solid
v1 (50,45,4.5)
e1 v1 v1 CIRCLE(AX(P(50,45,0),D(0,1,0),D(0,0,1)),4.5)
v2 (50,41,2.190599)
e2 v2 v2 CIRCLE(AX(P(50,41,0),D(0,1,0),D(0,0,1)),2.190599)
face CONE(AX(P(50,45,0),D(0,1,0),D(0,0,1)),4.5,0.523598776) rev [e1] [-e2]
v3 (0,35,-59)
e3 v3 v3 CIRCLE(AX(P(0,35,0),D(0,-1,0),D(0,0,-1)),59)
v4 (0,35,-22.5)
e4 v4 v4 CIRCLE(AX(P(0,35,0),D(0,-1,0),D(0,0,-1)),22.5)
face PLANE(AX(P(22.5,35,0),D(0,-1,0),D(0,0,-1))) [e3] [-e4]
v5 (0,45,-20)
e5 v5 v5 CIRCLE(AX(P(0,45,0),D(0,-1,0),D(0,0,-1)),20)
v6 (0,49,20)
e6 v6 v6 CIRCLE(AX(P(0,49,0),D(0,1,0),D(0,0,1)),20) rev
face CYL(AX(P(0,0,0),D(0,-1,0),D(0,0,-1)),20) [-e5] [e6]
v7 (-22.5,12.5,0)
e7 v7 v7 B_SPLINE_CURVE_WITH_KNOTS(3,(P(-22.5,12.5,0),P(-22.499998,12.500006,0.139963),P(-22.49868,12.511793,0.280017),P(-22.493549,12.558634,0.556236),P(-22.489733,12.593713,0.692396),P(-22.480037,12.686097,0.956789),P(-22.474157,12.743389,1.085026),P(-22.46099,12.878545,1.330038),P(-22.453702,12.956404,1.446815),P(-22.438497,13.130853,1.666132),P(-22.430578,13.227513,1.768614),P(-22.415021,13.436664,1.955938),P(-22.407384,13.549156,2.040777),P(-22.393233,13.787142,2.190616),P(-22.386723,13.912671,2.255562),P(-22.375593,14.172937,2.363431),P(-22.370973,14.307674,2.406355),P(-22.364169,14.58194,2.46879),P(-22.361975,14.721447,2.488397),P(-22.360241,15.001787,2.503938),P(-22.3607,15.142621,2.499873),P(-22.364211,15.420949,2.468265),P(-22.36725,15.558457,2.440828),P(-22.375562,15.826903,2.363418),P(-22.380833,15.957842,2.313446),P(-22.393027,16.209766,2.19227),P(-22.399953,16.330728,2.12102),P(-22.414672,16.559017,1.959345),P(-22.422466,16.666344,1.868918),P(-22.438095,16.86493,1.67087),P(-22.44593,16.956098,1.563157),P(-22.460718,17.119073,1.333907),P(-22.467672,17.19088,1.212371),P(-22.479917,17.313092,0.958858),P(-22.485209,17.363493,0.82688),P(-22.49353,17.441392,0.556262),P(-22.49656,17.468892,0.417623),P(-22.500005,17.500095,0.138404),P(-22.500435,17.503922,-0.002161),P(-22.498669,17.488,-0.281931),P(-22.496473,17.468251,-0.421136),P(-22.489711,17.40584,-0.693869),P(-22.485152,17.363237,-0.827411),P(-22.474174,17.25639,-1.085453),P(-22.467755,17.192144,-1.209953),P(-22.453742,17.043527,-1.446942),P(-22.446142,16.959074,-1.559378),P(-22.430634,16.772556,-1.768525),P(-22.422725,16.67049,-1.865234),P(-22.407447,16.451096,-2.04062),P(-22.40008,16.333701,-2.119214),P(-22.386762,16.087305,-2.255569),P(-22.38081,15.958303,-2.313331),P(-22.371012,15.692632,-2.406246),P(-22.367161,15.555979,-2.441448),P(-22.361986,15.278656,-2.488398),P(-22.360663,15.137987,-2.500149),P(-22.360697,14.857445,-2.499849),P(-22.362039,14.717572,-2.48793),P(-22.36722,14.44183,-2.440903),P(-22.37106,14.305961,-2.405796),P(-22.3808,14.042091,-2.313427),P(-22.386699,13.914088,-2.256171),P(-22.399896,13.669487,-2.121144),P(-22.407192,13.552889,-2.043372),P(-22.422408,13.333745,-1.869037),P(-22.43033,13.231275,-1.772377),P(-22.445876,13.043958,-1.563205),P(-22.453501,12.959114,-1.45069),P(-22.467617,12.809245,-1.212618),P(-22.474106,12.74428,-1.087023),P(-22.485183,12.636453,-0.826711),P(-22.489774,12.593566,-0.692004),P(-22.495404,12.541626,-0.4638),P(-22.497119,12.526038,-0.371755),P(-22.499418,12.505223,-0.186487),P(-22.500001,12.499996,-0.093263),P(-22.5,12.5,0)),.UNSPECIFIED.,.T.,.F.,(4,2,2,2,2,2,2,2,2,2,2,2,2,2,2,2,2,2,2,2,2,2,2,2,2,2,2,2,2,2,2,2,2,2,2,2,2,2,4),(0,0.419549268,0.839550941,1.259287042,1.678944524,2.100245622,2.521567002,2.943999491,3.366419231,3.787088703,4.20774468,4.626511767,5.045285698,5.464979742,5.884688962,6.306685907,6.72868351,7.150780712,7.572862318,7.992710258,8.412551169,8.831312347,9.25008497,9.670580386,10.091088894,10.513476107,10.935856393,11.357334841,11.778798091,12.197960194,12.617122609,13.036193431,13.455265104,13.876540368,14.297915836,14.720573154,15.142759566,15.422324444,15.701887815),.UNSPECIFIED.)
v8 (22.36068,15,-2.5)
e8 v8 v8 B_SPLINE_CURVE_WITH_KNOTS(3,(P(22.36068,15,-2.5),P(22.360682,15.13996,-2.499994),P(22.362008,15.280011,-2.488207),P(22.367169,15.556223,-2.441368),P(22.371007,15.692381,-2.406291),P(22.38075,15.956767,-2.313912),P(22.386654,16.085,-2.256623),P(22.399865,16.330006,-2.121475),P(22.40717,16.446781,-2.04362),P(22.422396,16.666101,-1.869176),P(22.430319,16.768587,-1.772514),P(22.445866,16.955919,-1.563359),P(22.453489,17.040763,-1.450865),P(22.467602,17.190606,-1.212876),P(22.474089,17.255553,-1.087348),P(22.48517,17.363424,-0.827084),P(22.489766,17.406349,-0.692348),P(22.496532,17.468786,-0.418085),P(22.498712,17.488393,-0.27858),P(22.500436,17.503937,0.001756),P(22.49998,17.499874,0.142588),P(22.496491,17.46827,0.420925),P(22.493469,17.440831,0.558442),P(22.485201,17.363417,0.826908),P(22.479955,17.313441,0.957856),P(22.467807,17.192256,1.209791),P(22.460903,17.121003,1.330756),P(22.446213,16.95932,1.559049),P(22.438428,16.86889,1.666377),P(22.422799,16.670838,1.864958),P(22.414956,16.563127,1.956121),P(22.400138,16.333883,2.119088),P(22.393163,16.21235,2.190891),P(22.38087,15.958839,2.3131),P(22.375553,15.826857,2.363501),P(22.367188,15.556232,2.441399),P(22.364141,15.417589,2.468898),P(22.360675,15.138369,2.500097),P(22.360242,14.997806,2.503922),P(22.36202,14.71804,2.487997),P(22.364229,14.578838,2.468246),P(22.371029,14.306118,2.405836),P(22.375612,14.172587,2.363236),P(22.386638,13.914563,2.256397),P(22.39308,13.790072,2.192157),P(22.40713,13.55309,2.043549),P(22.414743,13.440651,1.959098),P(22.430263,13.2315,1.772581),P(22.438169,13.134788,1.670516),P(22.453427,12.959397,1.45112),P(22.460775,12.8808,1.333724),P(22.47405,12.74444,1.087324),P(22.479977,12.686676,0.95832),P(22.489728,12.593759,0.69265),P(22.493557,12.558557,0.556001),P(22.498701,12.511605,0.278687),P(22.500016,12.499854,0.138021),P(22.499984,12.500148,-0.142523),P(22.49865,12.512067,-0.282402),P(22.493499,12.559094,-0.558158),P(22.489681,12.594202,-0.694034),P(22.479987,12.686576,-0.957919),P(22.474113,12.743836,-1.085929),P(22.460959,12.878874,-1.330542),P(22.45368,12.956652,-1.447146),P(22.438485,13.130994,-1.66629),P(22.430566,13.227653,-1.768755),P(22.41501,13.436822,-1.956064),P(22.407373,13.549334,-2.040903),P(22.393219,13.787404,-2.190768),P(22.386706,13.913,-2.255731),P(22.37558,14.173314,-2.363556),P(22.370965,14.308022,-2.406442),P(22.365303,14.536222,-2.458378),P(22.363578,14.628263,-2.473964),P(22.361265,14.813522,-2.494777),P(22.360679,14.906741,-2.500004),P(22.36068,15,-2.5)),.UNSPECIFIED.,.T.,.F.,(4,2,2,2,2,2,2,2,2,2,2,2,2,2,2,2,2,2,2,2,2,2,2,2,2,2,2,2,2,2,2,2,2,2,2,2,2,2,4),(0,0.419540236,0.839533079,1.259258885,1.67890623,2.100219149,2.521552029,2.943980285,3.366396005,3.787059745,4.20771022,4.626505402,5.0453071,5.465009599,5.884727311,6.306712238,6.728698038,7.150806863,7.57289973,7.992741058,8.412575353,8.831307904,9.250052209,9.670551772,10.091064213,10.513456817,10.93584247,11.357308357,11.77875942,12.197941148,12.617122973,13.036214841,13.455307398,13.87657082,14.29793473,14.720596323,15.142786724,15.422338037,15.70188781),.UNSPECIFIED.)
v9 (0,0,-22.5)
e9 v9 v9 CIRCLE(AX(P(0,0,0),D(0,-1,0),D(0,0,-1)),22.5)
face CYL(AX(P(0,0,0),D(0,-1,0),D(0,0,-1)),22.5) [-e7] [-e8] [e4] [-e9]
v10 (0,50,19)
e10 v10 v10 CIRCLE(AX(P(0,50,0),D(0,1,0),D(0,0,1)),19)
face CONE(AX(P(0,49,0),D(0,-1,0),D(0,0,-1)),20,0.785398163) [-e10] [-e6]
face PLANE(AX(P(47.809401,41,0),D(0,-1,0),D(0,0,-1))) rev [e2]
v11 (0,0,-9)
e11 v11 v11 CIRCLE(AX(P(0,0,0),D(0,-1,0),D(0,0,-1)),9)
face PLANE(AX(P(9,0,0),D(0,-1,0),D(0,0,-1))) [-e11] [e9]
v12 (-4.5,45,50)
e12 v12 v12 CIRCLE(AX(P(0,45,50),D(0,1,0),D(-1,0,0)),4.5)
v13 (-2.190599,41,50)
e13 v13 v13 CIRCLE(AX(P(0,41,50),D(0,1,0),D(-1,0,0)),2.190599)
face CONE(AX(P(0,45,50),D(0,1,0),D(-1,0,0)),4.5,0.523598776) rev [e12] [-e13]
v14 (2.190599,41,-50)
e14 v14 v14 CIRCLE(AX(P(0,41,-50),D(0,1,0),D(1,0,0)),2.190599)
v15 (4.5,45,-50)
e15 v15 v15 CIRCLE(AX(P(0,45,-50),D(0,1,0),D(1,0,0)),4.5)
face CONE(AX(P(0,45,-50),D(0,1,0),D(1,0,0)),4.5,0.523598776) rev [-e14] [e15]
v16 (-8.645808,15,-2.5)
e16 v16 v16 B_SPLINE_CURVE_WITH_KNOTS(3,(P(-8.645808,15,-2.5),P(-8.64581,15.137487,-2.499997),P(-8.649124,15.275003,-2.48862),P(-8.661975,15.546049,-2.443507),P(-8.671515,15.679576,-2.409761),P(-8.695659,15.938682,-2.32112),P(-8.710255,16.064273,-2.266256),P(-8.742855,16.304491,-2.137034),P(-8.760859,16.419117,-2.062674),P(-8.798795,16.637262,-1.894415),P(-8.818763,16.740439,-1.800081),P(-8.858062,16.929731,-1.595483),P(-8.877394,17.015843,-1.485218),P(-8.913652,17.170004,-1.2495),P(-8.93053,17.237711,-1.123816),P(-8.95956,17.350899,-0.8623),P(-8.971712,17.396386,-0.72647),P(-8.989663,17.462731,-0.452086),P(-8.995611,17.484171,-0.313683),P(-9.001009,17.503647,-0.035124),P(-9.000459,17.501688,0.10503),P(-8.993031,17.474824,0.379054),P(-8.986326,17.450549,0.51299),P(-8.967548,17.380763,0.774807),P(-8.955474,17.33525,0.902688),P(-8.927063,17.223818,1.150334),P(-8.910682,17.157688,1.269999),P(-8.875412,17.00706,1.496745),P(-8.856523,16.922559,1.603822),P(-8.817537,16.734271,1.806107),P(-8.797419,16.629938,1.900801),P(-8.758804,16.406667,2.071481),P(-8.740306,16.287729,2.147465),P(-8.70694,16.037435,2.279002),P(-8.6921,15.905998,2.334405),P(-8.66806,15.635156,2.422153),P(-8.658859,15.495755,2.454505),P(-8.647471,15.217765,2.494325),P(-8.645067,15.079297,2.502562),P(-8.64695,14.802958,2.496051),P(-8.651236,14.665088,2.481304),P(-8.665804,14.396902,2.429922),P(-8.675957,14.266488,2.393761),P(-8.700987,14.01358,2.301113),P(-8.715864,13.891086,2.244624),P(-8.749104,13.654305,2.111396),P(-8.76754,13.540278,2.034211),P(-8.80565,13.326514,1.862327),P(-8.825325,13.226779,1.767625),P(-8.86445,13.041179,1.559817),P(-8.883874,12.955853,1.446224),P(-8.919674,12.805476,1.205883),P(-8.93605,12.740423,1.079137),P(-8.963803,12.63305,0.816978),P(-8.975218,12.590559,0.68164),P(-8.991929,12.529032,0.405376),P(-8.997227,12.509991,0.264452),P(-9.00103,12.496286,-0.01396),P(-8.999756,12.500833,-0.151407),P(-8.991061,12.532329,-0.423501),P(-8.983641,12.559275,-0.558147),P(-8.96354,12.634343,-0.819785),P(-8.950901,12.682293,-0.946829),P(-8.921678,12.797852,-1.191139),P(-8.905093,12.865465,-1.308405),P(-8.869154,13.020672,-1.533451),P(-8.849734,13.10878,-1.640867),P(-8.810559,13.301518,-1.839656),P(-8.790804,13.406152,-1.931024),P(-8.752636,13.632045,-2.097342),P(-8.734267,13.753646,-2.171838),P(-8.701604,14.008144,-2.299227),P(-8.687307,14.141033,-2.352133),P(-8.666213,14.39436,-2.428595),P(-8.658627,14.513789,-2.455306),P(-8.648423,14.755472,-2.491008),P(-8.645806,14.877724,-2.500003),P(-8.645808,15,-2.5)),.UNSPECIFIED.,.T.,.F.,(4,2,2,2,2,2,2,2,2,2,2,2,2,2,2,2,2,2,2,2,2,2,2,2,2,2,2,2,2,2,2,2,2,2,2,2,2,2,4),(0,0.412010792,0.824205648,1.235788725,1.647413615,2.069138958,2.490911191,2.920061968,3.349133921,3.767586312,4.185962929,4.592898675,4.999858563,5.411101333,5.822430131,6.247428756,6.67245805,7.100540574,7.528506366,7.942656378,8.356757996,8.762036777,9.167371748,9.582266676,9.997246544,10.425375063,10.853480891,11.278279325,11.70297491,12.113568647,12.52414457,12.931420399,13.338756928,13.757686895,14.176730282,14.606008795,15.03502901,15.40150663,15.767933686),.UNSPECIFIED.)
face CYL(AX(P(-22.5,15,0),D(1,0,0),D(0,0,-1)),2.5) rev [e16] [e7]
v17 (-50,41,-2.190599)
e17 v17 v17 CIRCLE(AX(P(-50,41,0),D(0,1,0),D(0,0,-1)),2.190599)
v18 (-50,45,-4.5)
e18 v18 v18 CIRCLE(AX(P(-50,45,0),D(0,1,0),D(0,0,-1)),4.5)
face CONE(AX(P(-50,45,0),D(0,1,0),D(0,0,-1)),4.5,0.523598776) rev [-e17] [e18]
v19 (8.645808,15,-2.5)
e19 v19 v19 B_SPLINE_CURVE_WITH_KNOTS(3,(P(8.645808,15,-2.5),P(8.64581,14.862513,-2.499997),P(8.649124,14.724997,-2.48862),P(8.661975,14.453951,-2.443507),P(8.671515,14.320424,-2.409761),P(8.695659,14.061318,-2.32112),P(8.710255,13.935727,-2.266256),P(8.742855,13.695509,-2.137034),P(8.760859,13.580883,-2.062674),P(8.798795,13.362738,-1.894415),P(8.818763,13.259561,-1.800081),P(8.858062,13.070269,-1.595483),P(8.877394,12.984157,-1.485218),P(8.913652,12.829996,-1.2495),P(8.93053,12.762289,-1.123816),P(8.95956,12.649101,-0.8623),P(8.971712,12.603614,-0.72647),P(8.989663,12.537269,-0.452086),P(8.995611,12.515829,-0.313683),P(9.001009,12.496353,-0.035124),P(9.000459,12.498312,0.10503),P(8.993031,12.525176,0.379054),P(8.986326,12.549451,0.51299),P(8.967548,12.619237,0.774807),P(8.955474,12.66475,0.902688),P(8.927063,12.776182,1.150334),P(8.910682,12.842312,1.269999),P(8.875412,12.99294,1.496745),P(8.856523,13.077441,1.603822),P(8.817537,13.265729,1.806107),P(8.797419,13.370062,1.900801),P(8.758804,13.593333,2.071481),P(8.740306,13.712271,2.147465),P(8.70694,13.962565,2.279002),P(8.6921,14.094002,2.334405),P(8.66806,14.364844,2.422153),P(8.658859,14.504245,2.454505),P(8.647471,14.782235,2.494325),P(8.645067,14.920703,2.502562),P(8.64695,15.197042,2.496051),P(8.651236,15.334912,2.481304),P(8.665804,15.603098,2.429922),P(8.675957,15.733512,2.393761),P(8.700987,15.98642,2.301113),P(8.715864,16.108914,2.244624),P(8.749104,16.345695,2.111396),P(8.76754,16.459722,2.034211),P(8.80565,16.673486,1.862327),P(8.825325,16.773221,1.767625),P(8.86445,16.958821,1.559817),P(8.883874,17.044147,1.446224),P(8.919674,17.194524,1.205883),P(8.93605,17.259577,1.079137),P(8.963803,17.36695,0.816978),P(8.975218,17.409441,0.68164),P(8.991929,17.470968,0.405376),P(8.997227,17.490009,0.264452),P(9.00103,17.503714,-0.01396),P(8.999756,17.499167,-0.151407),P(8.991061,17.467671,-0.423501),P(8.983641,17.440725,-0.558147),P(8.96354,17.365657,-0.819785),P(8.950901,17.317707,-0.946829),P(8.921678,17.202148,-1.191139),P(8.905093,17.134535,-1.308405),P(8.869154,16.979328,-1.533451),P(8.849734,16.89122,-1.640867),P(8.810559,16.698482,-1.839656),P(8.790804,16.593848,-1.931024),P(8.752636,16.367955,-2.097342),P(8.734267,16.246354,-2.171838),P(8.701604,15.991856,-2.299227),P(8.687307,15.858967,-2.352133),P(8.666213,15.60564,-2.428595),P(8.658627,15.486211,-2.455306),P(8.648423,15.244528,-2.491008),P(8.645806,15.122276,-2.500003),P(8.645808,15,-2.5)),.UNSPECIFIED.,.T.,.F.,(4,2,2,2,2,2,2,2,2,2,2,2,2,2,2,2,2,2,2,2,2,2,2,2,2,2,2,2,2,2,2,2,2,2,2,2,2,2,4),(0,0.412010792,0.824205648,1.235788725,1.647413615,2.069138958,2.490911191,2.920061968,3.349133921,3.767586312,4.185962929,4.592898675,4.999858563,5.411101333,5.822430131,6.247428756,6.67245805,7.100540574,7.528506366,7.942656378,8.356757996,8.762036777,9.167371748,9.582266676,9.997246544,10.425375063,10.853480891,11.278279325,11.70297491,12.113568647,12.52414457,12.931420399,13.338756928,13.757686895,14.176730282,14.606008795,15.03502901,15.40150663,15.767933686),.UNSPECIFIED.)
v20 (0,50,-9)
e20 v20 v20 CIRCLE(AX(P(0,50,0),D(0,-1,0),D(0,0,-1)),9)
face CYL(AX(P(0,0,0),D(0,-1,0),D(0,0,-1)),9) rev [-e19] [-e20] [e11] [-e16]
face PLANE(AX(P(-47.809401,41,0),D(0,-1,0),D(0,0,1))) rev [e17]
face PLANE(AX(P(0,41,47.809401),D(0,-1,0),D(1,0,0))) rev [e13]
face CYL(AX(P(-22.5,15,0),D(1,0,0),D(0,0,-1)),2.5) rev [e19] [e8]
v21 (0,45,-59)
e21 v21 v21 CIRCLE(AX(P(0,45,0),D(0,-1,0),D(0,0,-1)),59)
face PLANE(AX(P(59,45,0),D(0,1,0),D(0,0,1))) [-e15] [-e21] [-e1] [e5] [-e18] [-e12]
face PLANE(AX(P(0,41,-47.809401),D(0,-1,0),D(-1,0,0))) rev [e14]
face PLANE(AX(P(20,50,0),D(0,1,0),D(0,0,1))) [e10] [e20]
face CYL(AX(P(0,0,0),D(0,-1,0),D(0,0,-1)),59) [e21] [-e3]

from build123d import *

# Parameters (mm, degrees)
R_P_TITION_CIRCULAIRE1_COUNT = 4
ESQUISSE3_R                  = 2.5
ENL_V_MAT_EXTRU_1_DEPTH      = 22.5
CHANFREIN1_SIZE              = 1


with BuildPart() as part:
    # Esquisse1 → Base-Révolution (revolve)
    with BuildSketch(Plane.XY, mode=Mode.PRIVATE) as base_r_volution_sk:
        Polygon((9, 0), (22.5, 0), (22.5, 35), (59, 35), (59, 45), (20, 45), (20, 50), (9, 50), align=None)
    revolve(base_r_volution_sk.sketch.rotate(Axis((0, 0, 0), (0, 1, 0)), 90), axis=Axis((0, 0, 0), (0, 1, 0)))

    # Esquisse2 → Enlever de la matière-Révolution1 (revolve, cut)
    with BuildSketch(Plane.XY, mode=Mode.PRIVATE) as enlever_de_la_mati_re_r_volution1_sk:
        Polygon((50, 45), (45.5, 45), (47.809401077, 41), (50, 41), align=None)
    enlever_de_la_mati_re_r_volution1 = revolve(enlever_de_la_mati_re_r_volution1_sk.sketch.rotate(Axis((50, 50.797703058, 0), (0, -1, 0)), 270), axis=Axis((50, 50.797703058, 0), (0, -1, 0)), mode=Mode.SUBTRACT)

    # Répétition circulaire1: Enlever de la matière-Révolution1 ×4 about axis
    r_p_tition_circulaire1_axis = Axis((0, 0, 0), (0, 1, 0))
    for i in range(1, R_P_TITION_CIRCULAIRE1_COUNT):
        add(enlever_de_la_mati_re_r_volution1.rotate(r_p_tition_circulaire1_axis, i * 360 / R_P_TITION_CIRCULAIRE1_COUNT), mode=Mode.SUBTRACT)

    # Esquisse3 → Enlèv. mat.-Extru.1 (cut, symmetric)
    with BuildSketch(Plane(origin=(0, 0, 0), x_dir=(0, 0, -1), z_dir=(1, 0, 0))):
        with Locations((0, 15)):
            Circle(ESQUISSE3_R)
    extrude(amount=ENL_V_MAT_EXTRU_1_DEPTH, both=True, mode=Mode.SUBTRACT)

    # Chanfrein1
    chanfrein1_edges = [part.edges().sort_by_distance(p)[0] for p in [
        (0, 50, 20),
    ]]
    chamfer(chanfrein1_edges, length=CHANFREIN1_SIZE)


solid = part.part
